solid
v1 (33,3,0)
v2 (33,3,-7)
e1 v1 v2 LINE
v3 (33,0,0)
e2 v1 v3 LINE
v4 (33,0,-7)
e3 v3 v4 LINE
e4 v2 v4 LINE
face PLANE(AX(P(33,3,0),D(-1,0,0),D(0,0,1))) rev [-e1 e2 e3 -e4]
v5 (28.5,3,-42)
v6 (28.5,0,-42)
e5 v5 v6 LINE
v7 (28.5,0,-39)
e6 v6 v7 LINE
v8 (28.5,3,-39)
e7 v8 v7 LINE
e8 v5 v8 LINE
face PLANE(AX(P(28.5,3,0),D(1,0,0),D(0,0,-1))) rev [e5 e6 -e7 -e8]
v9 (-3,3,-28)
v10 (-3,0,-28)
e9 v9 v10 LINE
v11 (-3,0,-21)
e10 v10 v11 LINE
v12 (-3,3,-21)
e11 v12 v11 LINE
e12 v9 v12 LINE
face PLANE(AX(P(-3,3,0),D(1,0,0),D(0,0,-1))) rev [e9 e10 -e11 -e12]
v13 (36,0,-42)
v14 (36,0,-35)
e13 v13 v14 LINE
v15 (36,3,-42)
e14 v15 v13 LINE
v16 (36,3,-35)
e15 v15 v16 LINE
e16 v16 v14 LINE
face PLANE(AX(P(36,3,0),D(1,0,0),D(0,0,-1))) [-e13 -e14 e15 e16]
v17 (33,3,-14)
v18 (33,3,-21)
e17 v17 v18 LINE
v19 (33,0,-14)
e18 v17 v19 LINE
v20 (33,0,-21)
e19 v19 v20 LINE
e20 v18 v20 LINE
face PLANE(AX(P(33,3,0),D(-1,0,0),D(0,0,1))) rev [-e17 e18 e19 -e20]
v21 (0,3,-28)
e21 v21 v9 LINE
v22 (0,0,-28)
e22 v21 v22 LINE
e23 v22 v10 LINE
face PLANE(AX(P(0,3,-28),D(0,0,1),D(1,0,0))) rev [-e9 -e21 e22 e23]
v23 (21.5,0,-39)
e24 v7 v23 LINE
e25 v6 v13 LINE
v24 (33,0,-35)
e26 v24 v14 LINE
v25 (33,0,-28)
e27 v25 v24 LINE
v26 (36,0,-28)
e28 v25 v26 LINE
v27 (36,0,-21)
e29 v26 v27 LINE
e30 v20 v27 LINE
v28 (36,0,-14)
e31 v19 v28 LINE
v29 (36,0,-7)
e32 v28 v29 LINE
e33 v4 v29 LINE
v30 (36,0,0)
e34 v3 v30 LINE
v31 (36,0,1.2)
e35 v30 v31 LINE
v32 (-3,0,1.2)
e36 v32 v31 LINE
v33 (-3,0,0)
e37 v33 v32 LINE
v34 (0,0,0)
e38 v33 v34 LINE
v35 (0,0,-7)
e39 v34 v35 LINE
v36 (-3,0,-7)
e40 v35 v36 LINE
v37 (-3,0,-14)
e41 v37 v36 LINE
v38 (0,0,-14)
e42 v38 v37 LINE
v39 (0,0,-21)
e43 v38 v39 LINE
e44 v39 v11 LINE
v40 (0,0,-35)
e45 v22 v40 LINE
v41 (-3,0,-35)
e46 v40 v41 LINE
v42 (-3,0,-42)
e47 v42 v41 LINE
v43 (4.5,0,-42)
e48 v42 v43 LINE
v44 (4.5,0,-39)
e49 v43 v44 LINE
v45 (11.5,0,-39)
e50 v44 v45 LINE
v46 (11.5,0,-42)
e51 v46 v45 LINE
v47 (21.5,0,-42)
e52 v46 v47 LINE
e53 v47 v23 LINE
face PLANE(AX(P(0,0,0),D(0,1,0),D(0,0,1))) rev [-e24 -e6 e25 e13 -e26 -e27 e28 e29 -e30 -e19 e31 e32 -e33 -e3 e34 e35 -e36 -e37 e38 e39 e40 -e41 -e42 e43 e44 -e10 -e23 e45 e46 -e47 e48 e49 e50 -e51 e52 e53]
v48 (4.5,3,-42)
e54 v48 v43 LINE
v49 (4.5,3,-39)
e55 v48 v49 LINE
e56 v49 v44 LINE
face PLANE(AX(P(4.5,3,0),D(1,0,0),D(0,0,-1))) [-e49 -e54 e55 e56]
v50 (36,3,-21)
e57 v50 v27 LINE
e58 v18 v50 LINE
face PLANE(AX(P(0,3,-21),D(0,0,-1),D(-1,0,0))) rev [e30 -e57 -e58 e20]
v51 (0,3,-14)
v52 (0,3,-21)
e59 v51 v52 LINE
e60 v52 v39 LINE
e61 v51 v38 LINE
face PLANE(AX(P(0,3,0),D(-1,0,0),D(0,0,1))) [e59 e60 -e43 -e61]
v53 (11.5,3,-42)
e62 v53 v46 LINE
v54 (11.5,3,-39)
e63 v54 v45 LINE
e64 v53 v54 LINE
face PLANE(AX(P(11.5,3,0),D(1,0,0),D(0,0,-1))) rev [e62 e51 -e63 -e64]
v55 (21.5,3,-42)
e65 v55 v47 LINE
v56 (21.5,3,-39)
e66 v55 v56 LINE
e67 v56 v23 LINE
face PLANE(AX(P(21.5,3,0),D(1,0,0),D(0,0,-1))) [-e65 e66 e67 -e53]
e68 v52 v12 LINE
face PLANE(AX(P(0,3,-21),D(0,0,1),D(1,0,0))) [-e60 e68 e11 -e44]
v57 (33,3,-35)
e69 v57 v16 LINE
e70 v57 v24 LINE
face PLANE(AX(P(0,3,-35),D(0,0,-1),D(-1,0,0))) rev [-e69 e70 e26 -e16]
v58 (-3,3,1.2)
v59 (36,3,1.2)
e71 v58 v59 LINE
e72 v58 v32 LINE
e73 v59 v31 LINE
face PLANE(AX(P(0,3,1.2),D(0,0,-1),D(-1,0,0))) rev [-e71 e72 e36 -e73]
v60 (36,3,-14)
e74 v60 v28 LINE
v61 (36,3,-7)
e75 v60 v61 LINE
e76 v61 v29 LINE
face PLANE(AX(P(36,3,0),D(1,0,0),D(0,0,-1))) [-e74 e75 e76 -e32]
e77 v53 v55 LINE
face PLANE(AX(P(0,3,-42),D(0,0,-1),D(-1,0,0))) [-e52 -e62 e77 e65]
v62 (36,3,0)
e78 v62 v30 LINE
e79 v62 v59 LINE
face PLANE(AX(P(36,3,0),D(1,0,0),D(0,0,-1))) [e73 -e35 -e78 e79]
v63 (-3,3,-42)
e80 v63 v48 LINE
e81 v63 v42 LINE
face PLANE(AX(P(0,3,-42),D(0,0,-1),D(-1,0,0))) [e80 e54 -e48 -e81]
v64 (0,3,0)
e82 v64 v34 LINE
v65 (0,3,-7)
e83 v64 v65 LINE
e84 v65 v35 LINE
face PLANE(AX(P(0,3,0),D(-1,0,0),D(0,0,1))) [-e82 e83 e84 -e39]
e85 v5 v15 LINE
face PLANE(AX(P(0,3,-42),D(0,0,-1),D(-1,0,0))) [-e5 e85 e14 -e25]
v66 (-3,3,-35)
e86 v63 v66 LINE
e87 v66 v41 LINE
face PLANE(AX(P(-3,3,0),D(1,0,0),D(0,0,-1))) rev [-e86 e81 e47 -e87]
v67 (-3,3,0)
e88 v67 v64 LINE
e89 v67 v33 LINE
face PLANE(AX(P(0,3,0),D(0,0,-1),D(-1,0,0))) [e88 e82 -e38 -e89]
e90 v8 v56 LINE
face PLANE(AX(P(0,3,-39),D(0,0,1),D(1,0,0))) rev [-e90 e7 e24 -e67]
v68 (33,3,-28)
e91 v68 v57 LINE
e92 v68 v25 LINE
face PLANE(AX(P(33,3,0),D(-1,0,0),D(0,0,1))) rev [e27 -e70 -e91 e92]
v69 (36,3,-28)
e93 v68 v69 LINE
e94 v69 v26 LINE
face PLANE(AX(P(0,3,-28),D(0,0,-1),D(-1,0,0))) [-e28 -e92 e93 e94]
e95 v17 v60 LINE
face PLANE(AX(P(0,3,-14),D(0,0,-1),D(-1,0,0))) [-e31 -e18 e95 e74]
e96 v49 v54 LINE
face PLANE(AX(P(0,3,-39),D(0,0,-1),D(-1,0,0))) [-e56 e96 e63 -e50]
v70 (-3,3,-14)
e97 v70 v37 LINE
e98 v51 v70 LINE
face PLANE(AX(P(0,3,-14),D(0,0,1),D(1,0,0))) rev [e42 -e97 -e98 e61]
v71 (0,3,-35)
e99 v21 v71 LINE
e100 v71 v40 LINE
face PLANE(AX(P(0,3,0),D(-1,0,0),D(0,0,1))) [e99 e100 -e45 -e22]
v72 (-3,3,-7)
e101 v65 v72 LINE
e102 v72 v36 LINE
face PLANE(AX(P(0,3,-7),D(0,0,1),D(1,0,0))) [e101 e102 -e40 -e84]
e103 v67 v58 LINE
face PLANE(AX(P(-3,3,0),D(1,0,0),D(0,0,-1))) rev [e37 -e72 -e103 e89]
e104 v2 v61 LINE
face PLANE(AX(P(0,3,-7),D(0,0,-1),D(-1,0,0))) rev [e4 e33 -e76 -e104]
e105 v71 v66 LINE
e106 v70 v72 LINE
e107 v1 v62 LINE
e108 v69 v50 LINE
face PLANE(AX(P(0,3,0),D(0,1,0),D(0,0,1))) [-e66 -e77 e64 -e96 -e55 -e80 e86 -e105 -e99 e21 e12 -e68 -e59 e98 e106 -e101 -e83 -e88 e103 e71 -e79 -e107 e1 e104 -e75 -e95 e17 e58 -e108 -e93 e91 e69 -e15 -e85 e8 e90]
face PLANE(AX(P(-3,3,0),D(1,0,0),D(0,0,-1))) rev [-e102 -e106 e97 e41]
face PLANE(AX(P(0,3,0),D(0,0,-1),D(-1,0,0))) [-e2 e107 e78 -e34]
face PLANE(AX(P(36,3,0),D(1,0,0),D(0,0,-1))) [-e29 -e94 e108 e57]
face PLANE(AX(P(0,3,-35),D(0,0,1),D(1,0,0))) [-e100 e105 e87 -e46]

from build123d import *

# Parameters (mm, degrees)
SKETCH1_W           = 3
SKETCH1_H           = 7
BOSS_EXTRUDE1_DEPTH = 3


with BuildPart() as part:
    # Sketch1 → Boss-Extrude1 (new body)
    with BuildSketch(Plane(origin=(0, 0, 0), x_dir=(1, 0, 0), z_dir=(0, 1, 0))):
        Polygon((0, 35), (0, 28), (0, 21), (0, 14), (0, 7), (0, 0), (33, 0), (33, 7), (33, 14), (33, 21), (33, 28), (33, 35), (33, 42), (28.5, 42), (28.5, 39), (21.5, 39), (21.5, 42), (11.5, 42), (11.5, 39), (4.5, 39), (4.5, 42), (0, 42), align=None)
        with Locations((-1.5, 38.5)):
            Rectangle(SKETCH1_W, SKETCH1_H)
        with Locations((-1.5, 24.5)):
            Rectangle(SKETCH1_W, SKETCH1_H)
        with Locations((-1.5, 10.5)):
            Rectangle(SKETCH1_W, SKETCH1_H)
        with Locations((34.5, 10.5)):
            Rectangle(SKETCH1_W, SKETCH1_H)
        with Locations((34.5, 24.5)):
            Rectangle(SKETCH1_W, SKETCH1_H)
        with Locations((34.5, 38.5)):
            Rectangle(SKETCH1_W, SKETCH1_H)
        Polygon((33, 0), (0, 0), (-3, 0), (-3, -1.2), (36, -1.2), (36, 0), align=None)
    extrude(amount=BOSS_EXTRUDE1_DEPTH)


solid = part.part
